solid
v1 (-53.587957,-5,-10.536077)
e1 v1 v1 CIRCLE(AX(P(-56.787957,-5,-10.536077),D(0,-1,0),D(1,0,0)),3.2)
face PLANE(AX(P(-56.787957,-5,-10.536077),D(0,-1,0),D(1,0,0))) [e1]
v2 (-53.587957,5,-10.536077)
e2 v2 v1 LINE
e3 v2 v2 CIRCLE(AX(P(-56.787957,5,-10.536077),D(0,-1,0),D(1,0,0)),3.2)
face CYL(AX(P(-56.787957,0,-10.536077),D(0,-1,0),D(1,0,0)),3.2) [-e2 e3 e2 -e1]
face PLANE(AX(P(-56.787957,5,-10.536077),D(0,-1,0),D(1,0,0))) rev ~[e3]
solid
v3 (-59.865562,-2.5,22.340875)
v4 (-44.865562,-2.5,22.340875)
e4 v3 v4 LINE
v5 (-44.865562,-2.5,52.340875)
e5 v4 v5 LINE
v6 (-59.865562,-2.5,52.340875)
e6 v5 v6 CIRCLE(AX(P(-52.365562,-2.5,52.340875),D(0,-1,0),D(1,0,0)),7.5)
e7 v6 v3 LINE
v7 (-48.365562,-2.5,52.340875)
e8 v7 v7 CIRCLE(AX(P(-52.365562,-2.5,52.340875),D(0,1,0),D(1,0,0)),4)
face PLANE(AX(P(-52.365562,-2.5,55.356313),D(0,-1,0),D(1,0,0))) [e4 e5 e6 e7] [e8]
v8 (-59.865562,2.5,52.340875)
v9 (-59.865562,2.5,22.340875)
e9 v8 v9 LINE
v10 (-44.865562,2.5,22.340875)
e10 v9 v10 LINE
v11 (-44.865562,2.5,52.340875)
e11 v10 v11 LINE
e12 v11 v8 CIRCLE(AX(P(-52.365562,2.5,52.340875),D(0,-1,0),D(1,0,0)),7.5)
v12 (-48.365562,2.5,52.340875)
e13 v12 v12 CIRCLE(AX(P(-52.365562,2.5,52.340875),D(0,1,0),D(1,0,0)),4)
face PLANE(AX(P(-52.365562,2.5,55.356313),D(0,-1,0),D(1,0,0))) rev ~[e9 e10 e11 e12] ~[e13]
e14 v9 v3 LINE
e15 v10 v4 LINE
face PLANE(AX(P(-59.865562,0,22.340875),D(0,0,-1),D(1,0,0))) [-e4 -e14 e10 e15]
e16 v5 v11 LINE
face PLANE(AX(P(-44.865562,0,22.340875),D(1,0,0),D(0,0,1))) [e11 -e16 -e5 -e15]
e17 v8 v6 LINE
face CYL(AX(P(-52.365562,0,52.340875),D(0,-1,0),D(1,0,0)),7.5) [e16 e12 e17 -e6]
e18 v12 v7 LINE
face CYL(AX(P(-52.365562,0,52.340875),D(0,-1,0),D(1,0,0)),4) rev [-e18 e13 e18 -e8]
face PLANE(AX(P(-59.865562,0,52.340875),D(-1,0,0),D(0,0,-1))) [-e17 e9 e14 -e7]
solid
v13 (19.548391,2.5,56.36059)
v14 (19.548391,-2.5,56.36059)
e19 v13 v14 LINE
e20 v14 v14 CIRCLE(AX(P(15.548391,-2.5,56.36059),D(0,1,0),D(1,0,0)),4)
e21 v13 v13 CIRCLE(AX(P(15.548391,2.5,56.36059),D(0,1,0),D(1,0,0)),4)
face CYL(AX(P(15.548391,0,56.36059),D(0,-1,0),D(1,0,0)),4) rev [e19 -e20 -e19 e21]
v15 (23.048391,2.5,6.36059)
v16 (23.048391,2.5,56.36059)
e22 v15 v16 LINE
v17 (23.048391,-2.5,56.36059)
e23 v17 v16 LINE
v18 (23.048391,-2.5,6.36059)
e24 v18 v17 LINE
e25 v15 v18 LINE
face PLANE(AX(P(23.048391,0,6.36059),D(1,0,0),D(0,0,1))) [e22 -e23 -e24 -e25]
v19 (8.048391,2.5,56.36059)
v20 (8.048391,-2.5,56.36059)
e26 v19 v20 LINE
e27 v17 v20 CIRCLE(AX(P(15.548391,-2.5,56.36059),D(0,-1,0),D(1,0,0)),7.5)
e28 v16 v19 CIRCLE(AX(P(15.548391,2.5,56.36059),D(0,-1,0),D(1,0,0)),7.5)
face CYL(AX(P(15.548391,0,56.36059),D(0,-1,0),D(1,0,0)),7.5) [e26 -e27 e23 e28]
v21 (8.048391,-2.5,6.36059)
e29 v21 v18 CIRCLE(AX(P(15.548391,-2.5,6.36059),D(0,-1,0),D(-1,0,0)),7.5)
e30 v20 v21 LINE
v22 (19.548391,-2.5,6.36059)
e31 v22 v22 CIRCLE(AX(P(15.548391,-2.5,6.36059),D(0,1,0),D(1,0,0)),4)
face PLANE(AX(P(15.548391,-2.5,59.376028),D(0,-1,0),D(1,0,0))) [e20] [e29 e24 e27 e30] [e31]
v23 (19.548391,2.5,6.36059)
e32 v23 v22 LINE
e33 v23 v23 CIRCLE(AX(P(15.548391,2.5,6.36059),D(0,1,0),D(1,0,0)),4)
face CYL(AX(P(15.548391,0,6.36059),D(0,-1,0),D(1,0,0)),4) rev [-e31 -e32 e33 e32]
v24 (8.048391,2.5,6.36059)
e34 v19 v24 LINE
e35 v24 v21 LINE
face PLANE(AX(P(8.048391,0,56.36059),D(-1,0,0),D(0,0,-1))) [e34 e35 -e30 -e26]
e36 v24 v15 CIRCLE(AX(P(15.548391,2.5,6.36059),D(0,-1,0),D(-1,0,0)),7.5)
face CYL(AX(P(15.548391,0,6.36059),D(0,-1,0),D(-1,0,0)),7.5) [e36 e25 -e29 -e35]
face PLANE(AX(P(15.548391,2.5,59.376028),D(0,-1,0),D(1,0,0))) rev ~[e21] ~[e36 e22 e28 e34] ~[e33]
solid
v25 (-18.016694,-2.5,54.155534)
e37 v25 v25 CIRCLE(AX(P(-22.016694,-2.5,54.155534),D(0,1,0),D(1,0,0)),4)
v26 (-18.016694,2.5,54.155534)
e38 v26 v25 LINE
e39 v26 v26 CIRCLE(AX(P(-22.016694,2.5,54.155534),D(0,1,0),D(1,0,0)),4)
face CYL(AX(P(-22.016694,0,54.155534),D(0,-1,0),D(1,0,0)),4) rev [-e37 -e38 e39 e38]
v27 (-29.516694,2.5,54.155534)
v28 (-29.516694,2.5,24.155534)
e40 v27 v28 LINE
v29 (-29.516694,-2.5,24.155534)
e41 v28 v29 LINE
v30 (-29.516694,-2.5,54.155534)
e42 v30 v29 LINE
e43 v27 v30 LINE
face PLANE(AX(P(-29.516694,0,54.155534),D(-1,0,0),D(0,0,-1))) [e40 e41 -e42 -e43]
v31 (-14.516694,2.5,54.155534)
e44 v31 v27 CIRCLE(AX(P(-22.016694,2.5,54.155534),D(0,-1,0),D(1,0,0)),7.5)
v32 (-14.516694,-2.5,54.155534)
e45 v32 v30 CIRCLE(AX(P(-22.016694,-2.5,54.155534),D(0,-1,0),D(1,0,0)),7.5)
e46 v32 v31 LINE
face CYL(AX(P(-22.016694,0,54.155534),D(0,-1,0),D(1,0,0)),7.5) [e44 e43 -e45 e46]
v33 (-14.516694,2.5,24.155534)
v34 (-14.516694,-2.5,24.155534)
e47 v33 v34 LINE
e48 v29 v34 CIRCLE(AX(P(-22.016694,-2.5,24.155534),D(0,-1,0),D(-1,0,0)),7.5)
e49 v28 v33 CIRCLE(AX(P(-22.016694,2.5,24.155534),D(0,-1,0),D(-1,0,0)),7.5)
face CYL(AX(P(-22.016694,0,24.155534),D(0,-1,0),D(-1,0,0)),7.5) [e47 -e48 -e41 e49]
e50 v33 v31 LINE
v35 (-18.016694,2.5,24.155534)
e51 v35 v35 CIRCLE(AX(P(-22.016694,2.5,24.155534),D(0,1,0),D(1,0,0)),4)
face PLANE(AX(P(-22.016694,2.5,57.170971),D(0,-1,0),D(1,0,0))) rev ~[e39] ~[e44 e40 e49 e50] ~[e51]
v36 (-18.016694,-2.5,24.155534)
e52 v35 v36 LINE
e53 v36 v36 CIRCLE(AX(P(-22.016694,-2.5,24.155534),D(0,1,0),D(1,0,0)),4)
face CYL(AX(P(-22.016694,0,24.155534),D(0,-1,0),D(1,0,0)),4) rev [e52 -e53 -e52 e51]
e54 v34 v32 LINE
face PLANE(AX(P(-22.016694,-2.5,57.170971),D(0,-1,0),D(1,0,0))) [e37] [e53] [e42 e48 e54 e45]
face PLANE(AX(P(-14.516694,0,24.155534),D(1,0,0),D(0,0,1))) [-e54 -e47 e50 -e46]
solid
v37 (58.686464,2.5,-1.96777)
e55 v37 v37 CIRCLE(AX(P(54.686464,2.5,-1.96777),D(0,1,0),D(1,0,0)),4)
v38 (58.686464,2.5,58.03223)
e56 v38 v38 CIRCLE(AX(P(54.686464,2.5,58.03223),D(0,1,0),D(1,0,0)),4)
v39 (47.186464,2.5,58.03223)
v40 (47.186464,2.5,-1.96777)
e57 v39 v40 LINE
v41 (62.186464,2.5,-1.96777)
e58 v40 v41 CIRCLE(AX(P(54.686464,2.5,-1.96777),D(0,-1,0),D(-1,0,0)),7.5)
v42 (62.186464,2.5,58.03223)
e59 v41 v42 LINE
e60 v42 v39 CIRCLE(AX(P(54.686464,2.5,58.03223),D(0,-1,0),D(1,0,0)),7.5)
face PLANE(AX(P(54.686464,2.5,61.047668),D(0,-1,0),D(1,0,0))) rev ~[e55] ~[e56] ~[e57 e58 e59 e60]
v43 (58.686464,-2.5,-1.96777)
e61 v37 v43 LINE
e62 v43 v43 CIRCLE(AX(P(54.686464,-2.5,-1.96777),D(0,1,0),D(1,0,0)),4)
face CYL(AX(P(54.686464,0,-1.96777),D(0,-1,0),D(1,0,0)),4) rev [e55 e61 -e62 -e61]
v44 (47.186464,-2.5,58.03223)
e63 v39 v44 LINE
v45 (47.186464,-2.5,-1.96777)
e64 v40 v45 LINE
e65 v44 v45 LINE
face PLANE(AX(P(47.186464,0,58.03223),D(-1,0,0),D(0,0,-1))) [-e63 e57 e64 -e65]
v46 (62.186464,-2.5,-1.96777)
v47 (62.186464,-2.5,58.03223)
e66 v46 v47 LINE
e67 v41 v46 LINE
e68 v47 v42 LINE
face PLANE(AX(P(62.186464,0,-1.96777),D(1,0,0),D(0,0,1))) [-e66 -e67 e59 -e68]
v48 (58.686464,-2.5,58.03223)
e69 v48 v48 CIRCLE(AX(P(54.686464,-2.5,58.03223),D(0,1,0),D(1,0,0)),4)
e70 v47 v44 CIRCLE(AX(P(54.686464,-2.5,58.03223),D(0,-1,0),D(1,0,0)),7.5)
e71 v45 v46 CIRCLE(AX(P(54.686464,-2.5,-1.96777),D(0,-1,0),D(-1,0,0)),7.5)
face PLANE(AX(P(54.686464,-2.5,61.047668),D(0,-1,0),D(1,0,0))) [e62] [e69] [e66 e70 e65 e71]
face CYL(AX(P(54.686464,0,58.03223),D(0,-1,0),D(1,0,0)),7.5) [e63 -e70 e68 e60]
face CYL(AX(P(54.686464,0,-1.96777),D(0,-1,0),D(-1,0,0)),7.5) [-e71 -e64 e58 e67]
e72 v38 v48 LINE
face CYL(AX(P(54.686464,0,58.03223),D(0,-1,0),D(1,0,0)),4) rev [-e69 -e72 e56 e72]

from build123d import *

# Parameters (mm, degrees)
F1_DEPTH = 2.5
F3_DEPTH = 2.5
F5_DEPTH = 2.5
F7_DEPTH = 2.5
F8_R     = 3.2
F9_DEPTH = 5


with BuildPart() as f1:
    # F0 (on Front) → F1 (new body, symmetric)
    with BuildSketch(Plane.XZ):
        with BuildLine():
            ThreePointArc((-56.3655619472, 52.3408753172), (-52.3655619472, 56.3408753172), (-48.3655619472, 52.3408753172))
            Line((-48.3655619472, 52.3408753172), (-44.8655619472, 52.3408753172))
            ThreePointArc((-44.8655619472, 52.3408753172), (-52.3655619472, 59.8408753172), (-59.8655619472, 52.3408753172))
            Line((-59.8655619472, 52.3408753172), (-56.3655619472, 52.3408753172))
        make_face()
        with BuildLine():
            Line((-44.8655619472, 52.3408753172), (-48.3655619472, 52.3408753172))
            ThreePointArc((-48.3655619472, 52.3408753172), (-52.3655619472, 48.3408753172), (-56.3655619472, 52.3408753172))
            Line((-56.3655619472, 52.3408753172), (-59.8655619472, 52.3408753172))
            Line((-59.8655619472, 52.3408753172), (-59.8655619472, 22.3408753172))
            Line((-59.8655619472, 22.3408753172), (-44.8655619472, 22.3408753172))
            Line((-44.8655619472, 22.3408753172), (-44.8655619472, 52.3408753172))
        make_face()
    extrude(amount=F1_DEPTH, both=True)


with BuildPart() as f3:
    # F2 (on Front) → F3 (new body, symmetric)
    with BuildSketch(Plane.XZ):
        with BuildLine():
            ThreePointArc((-26.0166939691, 54.1555335373), (-22.0166939691, 58.1555335373), (-18.0166939691, 54.1555335373))
            Line((-18.0166939691, 54.1555335373), (-14.5166939691, 54.1555335373))
            ThreePointArc((-14.5166939691, 54.1555335373), (-22.0166939691, 61.6555335373), (-29.5166939691, 54.1555335373))
            Line((-29.5166939691, 54.1555335373), (-26.0166939691, 54.1555335373))
        make_face()
        with BuildLine():
            Line((-14.5166939691, 54.1555335373), (-18.0166939691, 54.1555335373))
            ThreePointArc((-18.0166939691, 54.1555335373), (-22.0166939691, 50.1555335373), (-26.0166939691, 54.1555335373))
            Line((-26.0166939691, 54.1555335373), (-29.5166939691, 54.1555335373))
            Line((-29.5166939691, 54.1555335373), (-29.5166939691, 24.1555335373))
            Line((-29.5166939691, 24.1555335373), (-26.0166939691, 24.1555335373))
            ThreePointArc((-26.0166939691, 24.1555335373), (-22.0166939691, 28.1555335373), (-18.0166939691, 24.1555335373))
            Line((-18.0166939691, 24.1555335373), (-14.5166939691, 24.1555335373))
            Line((-14.5166939691, 24.1555335373), (-14.5166939691, 54.1555335373))
        make_face()
        with BuildLine():
            ThreePointArc((-29.5166939691, 24.1555335373), (-22.0166939691, 16.6555335373), (-14.5166939691, 24.1555335373))
            Line((-14.5166939691, 24.1555335373), (-18.0166939691, 24.1555335373))
            ThreePointArc((-18.0166939691, 24.1555335373), (-22.0166939691, 20.1555335373), (-26.0166939691, 24.1555335373))
            Line((-26.0166939691, 24.1555335373), (-29.5166939691, 24.1555335373))
        make_face()
    extrude(amount=F3_DEPTH, both=True)


with BuildPart() as f5:
    # F4 (on Front) → F5 (new body, symmetric)
    with BuildSketch(Plane.XZ):
        with BuildLine():
            ThreePointArc((11.548390547, 56.360590132), (15.548390547, 60.360590132), (19.548390547, 56.360590132))
            Line((19.548390547, 56.360590132), (23.048390547, 56.360590132))
            ThreePointArc((23.048390547, 56.360590132), (15.548390547, 63.860590132), (8.048390547, 56.360590132))
            Line((8.048390547, 56.360590132), (11.548390547, 56.360590132))
        make_face()
        with BuildLine():
            Line((23.048390547, 56.360590132), (19.548390547, 56.360590132))
            ThreePointArc((19.548390547, 56.360590132), (15.548390547, 52.360590132), (11.548390547, 56.360590132))
            Line((11.548390547, 56.360590132), (8.048390547, 56.360590132))
            Line((8.048390547, 56.360590132), (8.048390547, 6.360590132))
            Line((8.048390547, 6.360590132), (11.548390547, 6.360590132))
            ThreePointArc((11.548390547, 6.360590132), (15.548390547, 10.360590132), (19.548390547, 6.360590132))
            Line((19.548390547, 6.360590132), (23.048390547, 6.360590132))
            Line((23.048390547, 6.360590132), (23.048390547, 56.360590132))
        make_face()
        with BuildLine():
            ThreePointArc((8.048390547, 6.360590132), (15.548390547, -1.139409868), (23.048390547, 6.360590132))
            Line((23.048390547, 6.360590132), (19.548390547, 6.360590132))
            ThreePointArc((19.548390547, 6.360590132), (15.548390547, 2.360590132), (11.548390547, 6.360590132))
            Line((11.548390547, 6.360590132), (8.048390547, 6.360590132))
        make_face()
    extrude(amount=F5_DEPTH, both=True)


with BuildPart() as f7:
    # F6 (on Front) → F7 (new body, symmetric)
    with BuildSketch(Plane.XZ):
        with BuildLine():
            ThreePointArc((50.6864643693, 58.0322301321), (54.6864643693, 62.0322301321), (58.6864643693, 58.0322301321))
            Line((58.6864643693, 58.0322301321), (62.1864643693, 58.0322301321))
            ThreePointArc((62.1864643693, 58.0322301321), (54.6864643693, 65.5322301321), (47.1864643693, 58.0322301321))
            Line((47.1864643693, 58.0322301321), (50.6864643693, 58.0322301321))
        make_face()
        with BuildLine():
            Line((62.1864643693, 58.0322301321), (58.6864643693, 58.0322301321))
            ThreePointArc((58.6864643693, 58.0322301321), (54.6864643693, 54.0322301321), (50.6864643693, 58.0322301321))
            Line((50.6864643693, 58.0322301321), (47.1864643693, 58.0322301321))
            Line((47.1864643693, 58.0322301321), (47.1864643693, -1.9677698679))
            Line((47.1864643693, -1.9677698679), (50.6864643693, -1.9677698679))
            ThreePointArc((50.6864643693, -1.9677698679), (54.6864643693, 2.0322301321), (58.6864643693, -1.9677698679))
            Line((58.6864643693, -1.9677698679), (62.1864643693, -1.9677698679))
            Line((62.1864643693, -1.9677698679), (62.1864643693, 58.0322301321))
        make_face()
        with BuildLine():
            ThreePointArc((47.1864643693, -1.9677698679), (54.6864643693, -9.4677698679), (62.1864643693, -1.9677698679))
            Line((62.1864643693, -1.9677698679), (58.6864643693, -1.9677698679))
            ThreePointArc((58.6864643693, -1.9677698679), (54.6864643693, -5.9677698679), (50.6864643693, -1.9677698679))
            Line((50.6864643693, -1.9677698679), (47.1864643693, -1.9677698679))
        make_face()
    extrude(amount=F7_DEPTH, both=True)


with BuildPart() as f9:
    # F8 (on Front) → F9 (new body, symmetric)
    with BuildSketch(Plane.XZ):
        with Locations((-56.787956506, -10.5360774323)):
            Circle(F8_R)
    extrude(amount=F9_DEPTH, both=True)


solid = Compound([f1.part, f3.part, f5.part, f7.part, f9.part])
